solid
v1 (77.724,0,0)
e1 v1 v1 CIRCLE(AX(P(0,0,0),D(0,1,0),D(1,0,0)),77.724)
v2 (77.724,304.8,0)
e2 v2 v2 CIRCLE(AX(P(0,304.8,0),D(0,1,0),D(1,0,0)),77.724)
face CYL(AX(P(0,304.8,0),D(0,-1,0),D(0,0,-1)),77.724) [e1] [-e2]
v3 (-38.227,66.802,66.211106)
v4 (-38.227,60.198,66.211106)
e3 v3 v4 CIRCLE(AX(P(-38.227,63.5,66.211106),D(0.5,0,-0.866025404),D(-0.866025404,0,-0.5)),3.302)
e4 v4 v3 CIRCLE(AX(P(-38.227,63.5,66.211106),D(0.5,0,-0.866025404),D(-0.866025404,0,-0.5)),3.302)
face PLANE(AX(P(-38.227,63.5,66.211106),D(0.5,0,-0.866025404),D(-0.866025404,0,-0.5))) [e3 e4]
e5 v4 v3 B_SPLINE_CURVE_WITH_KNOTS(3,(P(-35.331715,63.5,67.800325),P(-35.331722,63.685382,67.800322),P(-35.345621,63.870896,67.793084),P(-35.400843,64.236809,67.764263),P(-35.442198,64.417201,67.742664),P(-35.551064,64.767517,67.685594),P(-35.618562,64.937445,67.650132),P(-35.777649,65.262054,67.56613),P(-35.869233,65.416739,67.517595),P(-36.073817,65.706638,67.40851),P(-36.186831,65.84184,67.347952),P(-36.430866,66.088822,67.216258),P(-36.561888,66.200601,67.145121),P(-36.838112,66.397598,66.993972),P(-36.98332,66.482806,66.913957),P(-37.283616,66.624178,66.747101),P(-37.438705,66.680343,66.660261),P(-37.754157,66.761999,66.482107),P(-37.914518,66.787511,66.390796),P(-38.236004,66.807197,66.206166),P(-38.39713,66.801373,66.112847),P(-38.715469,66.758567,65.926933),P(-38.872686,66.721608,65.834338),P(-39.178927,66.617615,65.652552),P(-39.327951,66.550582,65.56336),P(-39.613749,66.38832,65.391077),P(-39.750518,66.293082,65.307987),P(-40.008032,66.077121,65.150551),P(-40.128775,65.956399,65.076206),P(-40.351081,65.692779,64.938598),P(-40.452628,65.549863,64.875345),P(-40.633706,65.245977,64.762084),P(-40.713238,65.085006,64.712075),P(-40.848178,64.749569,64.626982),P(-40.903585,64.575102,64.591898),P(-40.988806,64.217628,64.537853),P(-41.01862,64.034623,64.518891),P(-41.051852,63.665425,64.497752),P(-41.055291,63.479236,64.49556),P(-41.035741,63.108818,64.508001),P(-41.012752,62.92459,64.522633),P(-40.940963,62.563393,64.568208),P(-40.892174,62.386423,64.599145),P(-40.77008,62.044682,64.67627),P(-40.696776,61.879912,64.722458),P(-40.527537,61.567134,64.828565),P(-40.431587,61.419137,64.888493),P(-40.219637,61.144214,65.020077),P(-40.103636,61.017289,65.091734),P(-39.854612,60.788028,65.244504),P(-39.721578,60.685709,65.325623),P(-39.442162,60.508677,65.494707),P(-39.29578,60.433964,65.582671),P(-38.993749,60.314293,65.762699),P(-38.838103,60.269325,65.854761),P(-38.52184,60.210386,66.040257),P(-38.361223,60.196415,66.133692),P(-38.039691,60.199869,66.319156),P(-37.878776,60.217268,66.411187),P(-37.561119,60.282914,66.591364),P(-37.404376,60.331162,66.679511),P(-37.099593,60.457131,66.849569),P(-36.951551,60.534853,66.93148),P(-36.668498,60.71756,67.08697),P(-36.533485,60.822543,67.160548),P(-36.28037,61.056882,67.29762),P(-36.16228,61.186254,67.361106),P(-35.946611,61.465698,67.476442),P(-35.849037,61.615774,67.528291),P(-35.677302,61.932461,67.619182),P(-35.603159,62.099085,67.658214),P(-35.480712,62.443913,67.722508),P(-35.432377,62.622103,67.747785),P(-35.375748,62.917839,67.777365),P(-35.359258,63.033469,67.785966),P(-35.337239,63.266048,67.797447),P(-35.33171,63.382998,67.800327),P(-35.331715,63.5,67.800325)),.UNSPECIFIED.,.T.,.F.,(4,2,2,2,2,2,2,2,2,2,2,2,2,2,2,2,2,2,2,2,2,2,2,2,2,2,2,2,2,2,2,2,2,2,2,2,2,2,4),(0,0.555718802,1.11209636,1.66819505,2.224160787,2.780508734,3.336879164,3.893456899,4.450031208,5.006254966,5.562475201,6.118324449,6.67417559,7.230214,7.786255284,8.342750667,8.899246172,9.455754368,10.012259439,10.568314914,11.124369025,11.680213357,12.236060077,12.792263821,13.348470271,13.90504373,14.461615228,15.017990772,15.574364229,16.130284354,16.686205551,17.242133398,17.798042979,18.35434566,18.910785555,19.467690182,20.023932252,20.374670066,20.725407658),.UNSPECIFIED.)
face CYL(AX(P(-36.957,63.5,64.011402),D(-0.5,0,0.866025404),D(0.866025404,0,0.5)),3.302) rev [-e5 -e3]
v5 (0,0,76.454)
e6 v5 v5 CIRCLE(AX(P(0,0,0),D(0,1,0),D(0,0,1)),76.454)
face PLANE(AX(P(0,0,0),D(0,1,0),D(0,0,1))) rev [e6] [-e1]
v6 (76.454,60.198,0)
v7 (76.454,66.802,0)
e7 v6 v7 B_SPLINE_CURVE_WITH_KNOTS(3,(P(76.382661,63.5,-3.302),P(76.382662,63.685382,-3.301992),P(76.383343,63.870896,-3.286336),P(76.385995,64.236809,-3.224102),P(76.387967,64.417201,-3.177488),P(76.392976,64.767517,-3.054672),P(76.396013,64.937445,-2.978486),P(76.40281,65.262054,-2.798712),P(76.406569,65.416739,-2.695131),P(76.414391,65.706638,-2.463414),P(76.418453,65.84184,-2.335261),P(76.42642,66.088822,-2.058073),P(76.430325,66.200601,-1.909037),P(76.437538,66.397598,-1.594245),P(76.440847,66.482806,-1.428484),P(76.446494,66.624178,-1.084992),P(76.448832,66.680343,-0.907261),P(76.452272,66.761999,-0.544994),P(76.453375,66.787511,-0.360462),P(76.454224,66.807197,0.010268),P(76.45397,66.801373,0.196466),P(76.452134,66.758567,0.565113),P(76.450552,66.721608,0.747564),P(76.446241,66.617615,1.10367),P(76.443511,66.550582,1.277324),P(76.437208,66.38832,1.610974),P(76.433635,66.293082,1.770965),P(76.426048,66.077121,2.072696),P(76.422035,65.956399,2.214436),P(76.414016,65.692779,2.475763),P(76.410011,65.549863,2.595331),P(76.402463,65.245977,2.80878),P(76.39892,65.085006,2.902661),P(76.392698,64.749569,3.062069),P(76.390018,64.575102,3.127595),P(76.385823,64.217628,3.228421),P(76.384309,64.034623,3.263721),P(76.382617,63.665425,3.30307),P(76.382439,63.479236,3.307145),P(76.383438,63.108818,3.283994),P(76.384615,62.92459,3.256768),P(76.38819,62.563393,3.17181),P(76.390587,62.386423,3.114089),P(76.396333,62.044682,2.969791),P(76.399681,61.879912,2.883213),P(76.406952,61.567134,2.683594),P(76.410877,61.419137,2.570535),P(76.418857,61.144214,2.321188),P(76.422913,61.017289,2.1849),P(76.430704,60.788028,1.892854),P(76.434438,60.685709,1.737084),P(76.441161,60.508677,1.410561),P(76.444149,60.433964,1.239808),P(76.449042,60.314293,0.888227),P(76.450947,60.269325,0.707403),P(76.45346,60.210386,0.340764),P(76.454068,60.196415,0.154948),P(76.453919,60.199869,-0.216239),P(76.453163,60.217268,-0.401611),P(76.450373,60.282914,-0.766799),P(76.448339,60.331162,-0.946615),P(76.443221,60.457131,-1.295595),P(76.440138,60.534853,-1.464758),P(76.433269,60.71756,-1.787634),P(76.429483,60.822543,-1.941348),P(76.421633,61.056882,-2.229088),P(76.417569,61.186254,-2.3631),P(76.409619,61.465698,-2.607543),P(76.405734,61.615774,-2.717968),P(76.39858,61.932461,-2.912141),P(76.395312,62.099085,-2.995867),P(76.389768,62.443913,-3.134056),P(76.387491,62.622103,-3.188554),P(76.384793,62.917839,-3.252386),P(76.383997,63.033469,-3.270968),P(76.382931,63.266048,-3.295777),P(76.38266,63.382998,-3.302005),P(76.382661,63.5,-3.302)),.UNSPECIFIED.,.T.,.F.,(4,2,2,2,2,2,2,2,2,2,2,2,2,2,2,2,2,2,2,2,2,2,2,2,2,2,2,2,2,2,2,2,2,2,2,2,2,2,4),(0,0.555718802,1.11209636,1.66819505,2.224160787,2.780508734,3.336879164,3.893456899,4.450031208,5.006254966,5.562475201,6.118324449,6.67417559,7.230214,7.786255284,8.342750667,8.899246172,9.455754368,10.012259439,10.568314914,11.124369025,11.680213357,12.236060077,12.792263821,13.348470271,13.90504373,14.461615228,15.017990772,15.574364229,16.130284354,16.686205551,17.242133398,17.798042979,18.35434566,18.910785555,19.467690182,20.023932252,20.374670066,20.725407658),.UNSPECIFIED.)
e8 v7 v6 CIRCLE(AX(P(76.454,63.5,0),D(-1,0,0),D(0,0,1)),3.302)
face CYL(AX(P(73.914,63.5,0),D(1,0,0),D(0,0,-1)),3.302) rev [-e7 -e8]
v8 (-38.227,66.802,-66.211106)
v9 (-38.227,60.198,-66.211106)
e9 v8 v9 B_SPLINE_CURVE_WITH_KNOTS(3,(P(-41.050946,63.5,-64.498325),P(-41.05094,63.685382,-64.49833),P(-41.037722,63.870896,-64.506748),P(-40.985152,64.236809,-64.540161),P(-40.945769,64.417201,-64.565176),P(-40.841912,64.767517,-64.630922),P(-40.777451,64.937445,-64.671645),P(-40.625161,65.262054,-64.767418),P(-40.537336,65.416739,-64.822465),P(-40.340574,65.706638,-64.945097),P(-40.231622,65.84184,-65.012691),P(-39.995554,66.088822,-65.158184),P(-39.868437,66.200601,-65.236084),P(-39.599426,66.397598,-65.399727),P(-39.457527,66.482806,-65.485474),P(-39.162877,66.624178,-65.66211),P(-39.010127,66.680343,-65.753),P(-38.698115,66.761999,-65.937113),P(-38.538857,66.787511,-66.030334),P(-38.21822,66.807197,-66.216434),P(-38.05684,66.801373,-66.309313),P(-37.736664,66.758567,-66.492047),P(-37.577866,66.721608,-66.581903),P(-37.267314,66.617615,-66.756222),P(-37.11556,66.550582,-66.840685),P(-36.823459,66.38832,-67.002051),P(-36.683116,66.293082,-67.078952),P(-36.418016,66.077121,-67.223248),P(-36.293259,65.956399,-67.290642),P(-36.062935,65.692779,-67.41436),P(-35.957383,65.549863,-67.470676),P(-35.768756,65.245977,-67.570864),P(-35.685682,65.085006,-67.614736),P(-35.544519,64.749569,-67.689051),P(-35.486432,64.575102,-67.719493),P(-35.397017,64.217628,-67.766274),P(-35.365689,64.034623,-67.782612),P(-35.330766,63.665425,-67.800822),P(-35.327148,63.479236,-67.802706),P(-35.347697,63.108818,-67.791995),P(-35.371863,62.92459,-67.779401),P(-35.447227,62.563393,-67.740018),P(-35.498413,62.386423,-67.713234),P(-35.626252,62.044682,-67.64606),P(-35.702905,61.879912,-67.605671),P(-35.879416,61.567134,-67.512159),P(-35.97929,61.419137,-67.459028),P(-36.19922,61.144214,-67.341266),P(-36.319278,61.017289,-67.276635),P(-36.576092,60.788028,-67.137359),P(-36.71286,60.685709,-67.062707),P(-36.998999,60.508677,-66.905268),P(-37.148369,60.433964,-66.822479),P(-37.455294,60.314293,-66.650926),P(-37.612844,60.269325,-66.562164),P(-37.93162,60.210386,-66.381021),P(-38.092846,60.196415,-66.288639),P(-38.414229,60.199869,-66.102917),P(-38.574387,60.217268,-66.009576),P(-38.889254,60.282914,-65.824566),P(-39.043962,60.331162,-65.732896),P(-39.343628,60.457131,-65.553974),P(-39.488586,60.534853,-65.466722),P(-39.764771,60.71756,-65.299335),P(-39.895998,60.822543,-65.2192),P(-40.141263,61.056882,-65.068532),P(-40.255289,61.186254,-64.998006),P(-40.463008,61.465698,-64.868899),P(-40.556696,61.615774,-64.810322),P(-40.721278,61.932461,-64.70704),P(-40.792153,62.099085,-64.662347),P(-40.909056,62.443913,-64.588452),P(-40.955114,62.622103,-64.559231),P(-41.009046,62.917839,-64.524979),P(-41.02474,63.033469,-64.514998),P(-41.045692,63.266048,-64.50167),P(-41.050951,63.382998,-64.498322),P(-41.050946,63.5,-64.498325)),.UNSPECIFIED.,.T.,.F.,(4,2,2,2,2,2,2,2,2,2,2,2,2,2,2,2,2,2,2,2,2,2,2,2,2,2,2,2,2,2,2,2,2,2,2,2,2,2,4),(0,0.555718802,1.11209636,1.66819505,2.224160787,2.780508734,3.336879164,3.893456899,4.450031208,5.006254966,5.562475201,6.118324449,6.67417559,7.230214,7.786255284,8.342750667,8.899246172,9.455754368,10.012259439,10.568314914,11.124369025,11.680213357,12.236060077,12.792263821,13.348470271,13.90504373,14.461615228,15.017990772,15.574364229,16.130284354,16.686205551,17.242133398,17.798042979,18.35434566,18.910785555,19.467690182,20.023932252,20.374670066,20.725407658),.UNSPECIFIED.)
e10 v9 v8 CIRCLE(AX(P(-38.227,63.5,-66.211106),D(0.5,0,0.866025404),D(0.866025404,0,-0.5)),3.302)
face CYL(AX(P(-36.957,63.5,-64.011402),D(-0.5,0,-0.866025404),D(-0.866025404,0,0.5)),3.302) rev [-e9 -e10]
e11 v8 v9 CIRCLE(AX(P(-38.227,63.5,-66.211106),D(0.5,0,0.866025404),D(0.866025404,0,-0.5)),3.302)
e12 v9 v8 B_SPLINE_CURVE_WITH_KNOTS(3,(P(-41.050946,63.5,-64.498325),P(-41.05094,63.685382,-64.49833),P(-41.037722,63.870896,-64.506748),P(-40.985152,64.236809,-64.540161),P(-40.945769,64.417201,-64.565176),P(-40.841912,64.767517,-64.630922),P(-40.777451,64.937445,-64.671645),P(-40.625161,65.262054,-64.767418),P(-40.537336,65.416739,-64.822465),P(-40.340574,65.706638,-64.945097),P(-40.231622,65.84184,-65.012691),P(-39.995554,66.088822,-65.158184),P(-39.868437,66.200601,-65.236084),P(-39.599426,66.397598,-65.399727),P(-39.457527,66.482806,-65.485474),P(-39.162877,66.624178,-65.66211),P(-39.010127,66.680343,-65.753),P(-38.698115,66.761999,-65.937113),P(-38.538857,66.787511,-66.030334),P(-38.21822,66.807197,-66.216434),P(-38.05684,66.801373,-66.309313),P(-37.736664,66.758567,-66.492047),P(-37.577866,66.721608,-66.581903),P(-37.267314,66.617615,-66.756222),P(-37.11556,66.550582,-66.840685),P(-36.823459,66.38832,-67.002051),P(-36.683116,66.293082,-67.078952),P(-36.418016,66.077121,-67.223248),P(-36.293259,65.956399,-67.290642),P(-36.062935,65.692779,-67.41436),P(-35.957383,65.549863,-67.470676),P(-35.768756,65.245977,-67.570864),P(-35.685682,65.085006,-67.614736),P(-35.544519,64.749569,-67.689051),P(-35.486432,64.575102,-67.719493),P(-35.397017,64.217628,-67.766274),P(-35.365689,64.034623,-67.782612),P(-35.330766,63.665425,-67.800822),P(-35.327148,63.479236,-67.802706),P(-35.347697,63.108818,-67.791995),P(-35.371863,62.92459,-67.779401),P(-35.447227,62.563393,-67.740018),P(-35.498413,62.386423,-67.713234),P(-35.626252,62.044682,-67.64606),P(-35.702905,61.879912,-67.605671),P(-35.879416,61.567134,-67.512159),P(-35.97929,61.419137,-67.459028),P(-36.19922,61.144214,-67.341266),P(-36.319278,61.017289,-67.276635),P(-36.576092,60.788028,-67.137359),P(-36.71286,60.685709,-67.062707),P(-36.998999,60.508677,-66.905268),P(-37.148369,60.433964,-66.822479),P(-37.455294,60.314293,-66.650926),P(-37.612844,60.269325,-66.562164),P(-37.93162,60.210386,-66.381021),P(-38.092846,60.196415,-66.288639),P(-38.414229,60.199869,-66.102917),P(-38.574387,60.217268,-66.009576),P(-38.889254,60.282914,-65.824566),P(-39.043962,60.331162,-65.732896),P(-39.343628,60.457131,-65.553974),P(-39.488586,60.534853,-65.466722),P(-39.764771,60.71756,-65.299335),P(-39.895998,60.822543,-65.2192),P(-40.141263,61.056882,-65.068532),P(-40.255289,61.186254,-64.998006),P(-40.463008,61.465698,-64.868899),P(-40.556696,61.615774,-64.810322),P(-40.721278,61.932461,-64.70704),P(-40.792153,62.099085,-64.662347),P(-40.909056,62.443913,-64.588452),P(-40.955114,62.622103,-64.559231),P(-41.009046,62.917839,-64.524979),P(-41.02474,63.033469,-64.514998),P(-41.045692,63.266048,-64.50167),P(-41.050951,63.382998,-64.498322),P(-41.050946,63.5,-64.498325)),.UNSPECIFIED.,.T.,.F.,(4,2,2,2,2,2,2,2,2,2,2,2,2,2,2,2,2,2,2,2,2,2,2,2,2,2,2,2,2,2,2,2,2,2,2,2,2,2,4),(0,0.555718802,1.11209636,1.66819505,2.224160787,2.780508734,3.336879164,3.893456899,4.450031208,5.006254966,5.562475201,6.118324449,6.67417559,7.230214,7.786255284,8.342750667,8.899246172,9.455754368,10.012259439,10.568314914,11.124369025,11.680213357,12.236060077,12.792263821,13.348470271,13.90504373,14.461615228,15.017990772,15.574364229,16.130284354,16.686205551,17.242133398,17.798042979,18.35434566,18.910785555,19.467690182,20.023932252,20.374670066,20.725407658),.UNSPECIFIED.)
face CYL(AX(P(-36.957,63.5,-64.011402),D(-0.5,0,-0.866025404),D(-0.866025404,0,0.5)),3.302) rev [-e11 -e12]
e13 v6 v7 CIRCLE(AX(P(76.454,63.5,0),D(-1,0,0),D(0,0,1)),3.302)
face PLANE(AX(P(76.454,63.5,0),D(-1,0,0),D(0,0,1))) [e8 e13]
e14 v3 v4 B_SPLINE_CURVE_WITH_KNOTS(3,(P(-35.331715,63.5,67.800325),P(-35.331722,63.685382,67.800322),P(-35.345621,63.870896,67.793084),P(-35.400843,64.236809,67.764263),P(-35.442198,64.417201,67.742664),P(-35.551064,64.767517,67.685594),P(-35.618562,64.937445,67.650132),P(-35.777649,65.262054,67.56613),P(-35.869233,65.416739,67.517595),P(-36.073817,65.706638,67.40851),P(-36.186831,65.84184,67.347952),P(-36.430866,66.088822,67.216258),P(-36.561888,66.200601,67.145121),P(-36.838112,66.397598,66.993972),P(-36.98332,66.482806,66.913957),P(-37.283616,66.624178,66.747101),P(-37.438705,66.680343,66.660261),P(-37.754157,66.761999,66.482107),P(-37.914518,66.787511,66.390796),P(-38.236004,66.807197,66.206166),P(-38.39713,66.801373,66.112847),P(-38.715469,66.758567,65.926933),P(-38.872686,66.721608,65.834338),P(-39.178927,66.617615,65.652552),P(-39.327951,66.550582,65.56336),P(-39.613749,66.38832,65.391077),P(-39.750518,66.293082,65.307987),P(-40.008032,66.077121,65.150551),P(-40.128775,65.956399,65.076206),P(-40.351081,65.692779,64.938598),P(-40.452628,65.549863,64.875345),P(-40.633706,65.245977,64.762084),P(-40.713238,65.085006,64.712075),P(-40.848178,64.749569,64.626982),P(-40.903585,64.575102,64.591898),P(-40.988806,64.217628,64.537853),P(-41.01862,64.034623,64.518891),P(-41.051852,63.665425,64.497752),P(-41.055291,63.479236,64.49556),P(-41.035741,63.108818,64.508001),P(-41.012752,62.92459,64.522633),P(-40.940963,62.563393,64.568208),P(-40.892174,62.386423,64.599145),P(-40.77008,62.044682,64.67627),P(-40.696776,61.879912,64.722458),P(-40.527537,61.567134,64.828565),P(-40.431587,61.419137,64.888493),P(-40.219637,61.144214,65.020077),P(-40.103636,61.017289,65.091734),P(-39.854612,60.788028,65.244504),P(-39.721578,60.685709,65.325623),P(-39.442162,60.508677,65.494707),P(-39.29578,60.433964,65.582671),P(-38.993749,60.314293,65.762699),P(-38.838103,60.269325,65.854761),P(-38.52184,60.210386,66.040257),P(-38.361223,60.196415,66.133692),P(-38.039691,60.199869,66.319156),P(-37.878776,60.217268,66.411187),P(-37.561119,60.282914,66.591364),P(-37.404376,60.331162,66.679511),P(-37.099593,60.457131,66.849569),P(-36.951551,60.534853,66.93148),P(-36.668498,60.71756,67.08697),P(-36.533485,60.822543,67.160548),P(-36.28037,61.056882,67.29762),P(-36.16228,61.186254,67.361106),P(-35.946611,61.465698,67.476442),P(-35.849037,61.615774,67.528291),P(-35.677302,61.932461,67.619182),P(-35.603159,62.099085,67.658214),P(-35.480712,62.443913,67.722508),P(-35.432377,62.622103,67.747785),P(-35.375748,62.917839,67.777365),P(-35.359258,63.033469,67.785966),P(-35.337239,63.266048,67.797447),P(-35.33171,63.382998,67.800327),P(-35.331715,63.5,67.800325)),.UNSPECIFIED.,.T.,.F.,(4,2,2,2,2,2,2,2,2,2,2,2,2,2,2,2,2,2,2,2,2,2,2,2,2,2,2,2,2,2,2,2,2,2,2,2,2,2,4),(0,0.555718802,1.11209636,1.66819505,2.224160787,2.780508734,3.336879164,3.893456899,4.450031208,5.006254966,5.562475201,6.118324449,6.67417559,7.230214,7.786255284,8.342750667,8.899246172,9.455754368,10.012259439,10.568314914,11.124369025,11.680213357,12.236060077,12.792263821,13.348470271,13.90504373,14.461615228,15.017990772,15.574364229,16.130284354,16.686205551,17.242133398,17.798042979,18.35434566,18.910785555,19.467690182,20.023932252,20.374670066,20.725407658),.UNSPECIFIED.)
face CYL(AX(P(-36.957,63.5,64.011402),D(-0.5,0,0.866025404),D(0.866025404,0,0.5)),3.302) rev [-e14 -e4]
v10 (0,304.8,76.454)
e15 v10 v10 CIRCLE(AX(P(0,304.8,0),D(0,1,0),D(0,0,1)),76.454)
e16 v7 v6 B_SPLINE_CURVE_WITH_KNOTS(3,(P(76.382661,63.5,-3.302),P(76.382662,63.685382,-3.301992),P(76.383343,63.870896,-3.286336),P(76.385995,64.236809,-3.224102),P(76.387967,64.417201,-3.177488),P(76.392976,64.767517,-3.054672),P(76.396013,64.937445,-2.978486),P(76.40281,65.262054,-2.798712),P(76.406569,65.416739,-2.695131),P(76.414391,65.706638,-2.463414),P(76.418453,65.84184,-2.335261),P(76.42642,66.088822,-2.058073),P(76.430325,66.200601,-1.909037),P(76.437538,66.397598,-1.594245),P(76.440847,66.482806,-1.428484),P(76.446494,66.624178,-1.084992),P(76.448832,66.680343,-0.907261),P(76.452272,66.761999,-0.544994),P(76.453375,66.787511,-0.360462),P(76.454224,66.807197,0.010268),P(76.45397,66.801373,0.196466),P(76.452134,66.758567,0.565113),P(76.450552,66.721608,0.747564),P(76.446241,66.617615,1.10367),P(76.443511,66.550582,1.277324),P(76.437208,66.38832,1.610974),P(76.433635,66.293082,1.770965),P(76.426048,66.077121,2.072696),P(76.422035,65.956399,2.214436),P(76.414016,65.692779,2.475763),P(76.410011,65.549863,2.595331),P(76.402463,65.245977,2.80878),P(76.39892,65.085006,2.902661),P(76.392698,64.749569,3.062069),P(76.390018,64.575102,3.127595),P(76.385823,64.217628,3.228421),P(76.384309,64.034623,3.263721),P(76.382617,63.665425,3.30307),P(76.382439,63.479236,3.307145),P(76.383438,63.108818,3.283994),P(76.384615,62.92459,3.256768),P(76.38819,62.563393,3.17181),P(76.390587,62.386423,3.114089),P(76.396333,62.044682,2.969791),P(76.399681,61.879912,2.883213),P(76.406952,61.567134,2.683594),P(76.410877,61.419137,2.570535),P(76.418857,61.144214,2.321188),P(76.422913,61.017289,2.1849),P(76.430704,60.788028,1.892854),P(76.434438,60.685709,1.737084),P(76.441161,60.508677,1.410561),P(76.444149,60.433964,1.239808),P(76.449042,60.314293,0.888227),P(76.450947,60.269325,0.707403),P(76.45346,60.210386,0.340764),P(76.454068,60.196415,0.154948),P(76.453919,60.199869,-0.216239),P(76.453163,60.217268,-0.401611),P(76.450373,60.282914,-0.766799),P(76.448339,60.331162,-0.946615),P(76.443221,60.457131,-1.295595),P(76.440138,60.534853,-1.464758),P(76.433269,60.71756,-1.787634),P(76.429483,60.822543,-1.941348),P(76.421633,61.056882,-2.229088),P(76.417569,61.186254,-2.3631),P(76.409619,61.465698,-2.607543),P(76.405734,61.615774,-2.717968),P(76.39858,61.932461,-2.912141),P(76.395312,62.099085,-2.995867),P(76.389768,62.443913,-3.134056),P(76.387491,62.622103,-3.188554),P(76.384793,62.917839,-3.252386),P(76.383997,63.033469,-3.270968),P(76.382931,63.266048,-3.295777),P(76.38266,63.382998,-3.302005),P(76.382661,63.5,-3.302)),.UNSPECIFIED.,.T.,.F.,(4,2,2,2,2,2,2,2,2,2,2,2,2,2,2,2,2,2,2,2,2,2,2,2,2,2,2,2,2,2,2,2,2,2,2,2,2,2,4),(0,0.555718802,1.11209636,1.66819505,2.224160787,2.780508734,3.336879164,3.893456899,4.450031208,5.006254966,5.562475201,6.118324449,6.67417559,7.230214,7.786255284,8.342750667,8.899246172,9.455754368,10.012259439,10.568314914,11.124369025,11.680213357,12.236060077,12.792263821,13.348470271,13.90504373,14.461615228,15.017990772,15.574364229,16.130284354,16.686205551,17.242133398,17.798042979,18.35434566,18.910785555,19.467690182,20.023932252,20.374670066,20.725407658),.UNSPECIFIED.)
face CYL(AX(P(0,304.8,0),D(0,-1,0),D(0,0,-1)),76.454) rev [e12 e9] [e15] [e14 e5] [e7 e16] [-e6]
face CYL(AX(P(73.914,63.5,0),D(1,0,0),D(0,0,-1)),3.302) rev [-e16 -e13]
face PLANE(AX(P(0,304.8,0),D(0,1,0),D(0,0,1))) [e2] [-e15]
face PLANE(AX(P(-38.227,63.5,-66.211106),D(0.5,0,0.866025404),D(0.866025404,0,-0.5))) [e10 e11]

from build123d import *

# Parameters (mm, degrees)
SKETCH1_R           = 77.724
SKETCH1_R_2         = 76.454
EXTRUDE_THIN2_DEPTH = 304.8
SKETCH3_R           = 3.302
CUT_EXTRUDE2_DEPTH  = 2.54
CIRPATTERN2_COUNT   = 3


with BuildPart() as part:
    # Sketch1 → Extrude-Thin2 (new body)
    with BuildSketch(Plane(origin=(0, 0, 0), x_dir=(1, 0, 0), z_dir=(0, 1, 0))):
        Circle(SKETCH1_R)
        Circle(SKETCH1_R_2, mode=Mode.SUBTRACT)
    extrude(amount=EXTRUDE_THIN2_DEPTH)

    # Sketch3 → Cut-Extrude2 (cut)
    with BuildSketch(Plane.ZY.offset(-76.454)):
        with Locations((0, 63.5)):
            Circle(SKETCH3_R)
    cut_extrude2 = extrude(amount=CUT_EXTRUDE2_DEPTH, mode=Mode.SUBTRACT)

    # CirPattern2: Cut-Extrude2 ×3 about axis
    cirpattern2_axis = Axis((0, 0, 0), (0, 1, 0))
    for i in range(1, CIRPATTERN2_COUNT):
        add(cut_extrude2.rotate(cirpattern2_axis, i * 360 / CIRPATTERN2_COUNT), mode=Mode.SUBTRACT)


solid = part.part
